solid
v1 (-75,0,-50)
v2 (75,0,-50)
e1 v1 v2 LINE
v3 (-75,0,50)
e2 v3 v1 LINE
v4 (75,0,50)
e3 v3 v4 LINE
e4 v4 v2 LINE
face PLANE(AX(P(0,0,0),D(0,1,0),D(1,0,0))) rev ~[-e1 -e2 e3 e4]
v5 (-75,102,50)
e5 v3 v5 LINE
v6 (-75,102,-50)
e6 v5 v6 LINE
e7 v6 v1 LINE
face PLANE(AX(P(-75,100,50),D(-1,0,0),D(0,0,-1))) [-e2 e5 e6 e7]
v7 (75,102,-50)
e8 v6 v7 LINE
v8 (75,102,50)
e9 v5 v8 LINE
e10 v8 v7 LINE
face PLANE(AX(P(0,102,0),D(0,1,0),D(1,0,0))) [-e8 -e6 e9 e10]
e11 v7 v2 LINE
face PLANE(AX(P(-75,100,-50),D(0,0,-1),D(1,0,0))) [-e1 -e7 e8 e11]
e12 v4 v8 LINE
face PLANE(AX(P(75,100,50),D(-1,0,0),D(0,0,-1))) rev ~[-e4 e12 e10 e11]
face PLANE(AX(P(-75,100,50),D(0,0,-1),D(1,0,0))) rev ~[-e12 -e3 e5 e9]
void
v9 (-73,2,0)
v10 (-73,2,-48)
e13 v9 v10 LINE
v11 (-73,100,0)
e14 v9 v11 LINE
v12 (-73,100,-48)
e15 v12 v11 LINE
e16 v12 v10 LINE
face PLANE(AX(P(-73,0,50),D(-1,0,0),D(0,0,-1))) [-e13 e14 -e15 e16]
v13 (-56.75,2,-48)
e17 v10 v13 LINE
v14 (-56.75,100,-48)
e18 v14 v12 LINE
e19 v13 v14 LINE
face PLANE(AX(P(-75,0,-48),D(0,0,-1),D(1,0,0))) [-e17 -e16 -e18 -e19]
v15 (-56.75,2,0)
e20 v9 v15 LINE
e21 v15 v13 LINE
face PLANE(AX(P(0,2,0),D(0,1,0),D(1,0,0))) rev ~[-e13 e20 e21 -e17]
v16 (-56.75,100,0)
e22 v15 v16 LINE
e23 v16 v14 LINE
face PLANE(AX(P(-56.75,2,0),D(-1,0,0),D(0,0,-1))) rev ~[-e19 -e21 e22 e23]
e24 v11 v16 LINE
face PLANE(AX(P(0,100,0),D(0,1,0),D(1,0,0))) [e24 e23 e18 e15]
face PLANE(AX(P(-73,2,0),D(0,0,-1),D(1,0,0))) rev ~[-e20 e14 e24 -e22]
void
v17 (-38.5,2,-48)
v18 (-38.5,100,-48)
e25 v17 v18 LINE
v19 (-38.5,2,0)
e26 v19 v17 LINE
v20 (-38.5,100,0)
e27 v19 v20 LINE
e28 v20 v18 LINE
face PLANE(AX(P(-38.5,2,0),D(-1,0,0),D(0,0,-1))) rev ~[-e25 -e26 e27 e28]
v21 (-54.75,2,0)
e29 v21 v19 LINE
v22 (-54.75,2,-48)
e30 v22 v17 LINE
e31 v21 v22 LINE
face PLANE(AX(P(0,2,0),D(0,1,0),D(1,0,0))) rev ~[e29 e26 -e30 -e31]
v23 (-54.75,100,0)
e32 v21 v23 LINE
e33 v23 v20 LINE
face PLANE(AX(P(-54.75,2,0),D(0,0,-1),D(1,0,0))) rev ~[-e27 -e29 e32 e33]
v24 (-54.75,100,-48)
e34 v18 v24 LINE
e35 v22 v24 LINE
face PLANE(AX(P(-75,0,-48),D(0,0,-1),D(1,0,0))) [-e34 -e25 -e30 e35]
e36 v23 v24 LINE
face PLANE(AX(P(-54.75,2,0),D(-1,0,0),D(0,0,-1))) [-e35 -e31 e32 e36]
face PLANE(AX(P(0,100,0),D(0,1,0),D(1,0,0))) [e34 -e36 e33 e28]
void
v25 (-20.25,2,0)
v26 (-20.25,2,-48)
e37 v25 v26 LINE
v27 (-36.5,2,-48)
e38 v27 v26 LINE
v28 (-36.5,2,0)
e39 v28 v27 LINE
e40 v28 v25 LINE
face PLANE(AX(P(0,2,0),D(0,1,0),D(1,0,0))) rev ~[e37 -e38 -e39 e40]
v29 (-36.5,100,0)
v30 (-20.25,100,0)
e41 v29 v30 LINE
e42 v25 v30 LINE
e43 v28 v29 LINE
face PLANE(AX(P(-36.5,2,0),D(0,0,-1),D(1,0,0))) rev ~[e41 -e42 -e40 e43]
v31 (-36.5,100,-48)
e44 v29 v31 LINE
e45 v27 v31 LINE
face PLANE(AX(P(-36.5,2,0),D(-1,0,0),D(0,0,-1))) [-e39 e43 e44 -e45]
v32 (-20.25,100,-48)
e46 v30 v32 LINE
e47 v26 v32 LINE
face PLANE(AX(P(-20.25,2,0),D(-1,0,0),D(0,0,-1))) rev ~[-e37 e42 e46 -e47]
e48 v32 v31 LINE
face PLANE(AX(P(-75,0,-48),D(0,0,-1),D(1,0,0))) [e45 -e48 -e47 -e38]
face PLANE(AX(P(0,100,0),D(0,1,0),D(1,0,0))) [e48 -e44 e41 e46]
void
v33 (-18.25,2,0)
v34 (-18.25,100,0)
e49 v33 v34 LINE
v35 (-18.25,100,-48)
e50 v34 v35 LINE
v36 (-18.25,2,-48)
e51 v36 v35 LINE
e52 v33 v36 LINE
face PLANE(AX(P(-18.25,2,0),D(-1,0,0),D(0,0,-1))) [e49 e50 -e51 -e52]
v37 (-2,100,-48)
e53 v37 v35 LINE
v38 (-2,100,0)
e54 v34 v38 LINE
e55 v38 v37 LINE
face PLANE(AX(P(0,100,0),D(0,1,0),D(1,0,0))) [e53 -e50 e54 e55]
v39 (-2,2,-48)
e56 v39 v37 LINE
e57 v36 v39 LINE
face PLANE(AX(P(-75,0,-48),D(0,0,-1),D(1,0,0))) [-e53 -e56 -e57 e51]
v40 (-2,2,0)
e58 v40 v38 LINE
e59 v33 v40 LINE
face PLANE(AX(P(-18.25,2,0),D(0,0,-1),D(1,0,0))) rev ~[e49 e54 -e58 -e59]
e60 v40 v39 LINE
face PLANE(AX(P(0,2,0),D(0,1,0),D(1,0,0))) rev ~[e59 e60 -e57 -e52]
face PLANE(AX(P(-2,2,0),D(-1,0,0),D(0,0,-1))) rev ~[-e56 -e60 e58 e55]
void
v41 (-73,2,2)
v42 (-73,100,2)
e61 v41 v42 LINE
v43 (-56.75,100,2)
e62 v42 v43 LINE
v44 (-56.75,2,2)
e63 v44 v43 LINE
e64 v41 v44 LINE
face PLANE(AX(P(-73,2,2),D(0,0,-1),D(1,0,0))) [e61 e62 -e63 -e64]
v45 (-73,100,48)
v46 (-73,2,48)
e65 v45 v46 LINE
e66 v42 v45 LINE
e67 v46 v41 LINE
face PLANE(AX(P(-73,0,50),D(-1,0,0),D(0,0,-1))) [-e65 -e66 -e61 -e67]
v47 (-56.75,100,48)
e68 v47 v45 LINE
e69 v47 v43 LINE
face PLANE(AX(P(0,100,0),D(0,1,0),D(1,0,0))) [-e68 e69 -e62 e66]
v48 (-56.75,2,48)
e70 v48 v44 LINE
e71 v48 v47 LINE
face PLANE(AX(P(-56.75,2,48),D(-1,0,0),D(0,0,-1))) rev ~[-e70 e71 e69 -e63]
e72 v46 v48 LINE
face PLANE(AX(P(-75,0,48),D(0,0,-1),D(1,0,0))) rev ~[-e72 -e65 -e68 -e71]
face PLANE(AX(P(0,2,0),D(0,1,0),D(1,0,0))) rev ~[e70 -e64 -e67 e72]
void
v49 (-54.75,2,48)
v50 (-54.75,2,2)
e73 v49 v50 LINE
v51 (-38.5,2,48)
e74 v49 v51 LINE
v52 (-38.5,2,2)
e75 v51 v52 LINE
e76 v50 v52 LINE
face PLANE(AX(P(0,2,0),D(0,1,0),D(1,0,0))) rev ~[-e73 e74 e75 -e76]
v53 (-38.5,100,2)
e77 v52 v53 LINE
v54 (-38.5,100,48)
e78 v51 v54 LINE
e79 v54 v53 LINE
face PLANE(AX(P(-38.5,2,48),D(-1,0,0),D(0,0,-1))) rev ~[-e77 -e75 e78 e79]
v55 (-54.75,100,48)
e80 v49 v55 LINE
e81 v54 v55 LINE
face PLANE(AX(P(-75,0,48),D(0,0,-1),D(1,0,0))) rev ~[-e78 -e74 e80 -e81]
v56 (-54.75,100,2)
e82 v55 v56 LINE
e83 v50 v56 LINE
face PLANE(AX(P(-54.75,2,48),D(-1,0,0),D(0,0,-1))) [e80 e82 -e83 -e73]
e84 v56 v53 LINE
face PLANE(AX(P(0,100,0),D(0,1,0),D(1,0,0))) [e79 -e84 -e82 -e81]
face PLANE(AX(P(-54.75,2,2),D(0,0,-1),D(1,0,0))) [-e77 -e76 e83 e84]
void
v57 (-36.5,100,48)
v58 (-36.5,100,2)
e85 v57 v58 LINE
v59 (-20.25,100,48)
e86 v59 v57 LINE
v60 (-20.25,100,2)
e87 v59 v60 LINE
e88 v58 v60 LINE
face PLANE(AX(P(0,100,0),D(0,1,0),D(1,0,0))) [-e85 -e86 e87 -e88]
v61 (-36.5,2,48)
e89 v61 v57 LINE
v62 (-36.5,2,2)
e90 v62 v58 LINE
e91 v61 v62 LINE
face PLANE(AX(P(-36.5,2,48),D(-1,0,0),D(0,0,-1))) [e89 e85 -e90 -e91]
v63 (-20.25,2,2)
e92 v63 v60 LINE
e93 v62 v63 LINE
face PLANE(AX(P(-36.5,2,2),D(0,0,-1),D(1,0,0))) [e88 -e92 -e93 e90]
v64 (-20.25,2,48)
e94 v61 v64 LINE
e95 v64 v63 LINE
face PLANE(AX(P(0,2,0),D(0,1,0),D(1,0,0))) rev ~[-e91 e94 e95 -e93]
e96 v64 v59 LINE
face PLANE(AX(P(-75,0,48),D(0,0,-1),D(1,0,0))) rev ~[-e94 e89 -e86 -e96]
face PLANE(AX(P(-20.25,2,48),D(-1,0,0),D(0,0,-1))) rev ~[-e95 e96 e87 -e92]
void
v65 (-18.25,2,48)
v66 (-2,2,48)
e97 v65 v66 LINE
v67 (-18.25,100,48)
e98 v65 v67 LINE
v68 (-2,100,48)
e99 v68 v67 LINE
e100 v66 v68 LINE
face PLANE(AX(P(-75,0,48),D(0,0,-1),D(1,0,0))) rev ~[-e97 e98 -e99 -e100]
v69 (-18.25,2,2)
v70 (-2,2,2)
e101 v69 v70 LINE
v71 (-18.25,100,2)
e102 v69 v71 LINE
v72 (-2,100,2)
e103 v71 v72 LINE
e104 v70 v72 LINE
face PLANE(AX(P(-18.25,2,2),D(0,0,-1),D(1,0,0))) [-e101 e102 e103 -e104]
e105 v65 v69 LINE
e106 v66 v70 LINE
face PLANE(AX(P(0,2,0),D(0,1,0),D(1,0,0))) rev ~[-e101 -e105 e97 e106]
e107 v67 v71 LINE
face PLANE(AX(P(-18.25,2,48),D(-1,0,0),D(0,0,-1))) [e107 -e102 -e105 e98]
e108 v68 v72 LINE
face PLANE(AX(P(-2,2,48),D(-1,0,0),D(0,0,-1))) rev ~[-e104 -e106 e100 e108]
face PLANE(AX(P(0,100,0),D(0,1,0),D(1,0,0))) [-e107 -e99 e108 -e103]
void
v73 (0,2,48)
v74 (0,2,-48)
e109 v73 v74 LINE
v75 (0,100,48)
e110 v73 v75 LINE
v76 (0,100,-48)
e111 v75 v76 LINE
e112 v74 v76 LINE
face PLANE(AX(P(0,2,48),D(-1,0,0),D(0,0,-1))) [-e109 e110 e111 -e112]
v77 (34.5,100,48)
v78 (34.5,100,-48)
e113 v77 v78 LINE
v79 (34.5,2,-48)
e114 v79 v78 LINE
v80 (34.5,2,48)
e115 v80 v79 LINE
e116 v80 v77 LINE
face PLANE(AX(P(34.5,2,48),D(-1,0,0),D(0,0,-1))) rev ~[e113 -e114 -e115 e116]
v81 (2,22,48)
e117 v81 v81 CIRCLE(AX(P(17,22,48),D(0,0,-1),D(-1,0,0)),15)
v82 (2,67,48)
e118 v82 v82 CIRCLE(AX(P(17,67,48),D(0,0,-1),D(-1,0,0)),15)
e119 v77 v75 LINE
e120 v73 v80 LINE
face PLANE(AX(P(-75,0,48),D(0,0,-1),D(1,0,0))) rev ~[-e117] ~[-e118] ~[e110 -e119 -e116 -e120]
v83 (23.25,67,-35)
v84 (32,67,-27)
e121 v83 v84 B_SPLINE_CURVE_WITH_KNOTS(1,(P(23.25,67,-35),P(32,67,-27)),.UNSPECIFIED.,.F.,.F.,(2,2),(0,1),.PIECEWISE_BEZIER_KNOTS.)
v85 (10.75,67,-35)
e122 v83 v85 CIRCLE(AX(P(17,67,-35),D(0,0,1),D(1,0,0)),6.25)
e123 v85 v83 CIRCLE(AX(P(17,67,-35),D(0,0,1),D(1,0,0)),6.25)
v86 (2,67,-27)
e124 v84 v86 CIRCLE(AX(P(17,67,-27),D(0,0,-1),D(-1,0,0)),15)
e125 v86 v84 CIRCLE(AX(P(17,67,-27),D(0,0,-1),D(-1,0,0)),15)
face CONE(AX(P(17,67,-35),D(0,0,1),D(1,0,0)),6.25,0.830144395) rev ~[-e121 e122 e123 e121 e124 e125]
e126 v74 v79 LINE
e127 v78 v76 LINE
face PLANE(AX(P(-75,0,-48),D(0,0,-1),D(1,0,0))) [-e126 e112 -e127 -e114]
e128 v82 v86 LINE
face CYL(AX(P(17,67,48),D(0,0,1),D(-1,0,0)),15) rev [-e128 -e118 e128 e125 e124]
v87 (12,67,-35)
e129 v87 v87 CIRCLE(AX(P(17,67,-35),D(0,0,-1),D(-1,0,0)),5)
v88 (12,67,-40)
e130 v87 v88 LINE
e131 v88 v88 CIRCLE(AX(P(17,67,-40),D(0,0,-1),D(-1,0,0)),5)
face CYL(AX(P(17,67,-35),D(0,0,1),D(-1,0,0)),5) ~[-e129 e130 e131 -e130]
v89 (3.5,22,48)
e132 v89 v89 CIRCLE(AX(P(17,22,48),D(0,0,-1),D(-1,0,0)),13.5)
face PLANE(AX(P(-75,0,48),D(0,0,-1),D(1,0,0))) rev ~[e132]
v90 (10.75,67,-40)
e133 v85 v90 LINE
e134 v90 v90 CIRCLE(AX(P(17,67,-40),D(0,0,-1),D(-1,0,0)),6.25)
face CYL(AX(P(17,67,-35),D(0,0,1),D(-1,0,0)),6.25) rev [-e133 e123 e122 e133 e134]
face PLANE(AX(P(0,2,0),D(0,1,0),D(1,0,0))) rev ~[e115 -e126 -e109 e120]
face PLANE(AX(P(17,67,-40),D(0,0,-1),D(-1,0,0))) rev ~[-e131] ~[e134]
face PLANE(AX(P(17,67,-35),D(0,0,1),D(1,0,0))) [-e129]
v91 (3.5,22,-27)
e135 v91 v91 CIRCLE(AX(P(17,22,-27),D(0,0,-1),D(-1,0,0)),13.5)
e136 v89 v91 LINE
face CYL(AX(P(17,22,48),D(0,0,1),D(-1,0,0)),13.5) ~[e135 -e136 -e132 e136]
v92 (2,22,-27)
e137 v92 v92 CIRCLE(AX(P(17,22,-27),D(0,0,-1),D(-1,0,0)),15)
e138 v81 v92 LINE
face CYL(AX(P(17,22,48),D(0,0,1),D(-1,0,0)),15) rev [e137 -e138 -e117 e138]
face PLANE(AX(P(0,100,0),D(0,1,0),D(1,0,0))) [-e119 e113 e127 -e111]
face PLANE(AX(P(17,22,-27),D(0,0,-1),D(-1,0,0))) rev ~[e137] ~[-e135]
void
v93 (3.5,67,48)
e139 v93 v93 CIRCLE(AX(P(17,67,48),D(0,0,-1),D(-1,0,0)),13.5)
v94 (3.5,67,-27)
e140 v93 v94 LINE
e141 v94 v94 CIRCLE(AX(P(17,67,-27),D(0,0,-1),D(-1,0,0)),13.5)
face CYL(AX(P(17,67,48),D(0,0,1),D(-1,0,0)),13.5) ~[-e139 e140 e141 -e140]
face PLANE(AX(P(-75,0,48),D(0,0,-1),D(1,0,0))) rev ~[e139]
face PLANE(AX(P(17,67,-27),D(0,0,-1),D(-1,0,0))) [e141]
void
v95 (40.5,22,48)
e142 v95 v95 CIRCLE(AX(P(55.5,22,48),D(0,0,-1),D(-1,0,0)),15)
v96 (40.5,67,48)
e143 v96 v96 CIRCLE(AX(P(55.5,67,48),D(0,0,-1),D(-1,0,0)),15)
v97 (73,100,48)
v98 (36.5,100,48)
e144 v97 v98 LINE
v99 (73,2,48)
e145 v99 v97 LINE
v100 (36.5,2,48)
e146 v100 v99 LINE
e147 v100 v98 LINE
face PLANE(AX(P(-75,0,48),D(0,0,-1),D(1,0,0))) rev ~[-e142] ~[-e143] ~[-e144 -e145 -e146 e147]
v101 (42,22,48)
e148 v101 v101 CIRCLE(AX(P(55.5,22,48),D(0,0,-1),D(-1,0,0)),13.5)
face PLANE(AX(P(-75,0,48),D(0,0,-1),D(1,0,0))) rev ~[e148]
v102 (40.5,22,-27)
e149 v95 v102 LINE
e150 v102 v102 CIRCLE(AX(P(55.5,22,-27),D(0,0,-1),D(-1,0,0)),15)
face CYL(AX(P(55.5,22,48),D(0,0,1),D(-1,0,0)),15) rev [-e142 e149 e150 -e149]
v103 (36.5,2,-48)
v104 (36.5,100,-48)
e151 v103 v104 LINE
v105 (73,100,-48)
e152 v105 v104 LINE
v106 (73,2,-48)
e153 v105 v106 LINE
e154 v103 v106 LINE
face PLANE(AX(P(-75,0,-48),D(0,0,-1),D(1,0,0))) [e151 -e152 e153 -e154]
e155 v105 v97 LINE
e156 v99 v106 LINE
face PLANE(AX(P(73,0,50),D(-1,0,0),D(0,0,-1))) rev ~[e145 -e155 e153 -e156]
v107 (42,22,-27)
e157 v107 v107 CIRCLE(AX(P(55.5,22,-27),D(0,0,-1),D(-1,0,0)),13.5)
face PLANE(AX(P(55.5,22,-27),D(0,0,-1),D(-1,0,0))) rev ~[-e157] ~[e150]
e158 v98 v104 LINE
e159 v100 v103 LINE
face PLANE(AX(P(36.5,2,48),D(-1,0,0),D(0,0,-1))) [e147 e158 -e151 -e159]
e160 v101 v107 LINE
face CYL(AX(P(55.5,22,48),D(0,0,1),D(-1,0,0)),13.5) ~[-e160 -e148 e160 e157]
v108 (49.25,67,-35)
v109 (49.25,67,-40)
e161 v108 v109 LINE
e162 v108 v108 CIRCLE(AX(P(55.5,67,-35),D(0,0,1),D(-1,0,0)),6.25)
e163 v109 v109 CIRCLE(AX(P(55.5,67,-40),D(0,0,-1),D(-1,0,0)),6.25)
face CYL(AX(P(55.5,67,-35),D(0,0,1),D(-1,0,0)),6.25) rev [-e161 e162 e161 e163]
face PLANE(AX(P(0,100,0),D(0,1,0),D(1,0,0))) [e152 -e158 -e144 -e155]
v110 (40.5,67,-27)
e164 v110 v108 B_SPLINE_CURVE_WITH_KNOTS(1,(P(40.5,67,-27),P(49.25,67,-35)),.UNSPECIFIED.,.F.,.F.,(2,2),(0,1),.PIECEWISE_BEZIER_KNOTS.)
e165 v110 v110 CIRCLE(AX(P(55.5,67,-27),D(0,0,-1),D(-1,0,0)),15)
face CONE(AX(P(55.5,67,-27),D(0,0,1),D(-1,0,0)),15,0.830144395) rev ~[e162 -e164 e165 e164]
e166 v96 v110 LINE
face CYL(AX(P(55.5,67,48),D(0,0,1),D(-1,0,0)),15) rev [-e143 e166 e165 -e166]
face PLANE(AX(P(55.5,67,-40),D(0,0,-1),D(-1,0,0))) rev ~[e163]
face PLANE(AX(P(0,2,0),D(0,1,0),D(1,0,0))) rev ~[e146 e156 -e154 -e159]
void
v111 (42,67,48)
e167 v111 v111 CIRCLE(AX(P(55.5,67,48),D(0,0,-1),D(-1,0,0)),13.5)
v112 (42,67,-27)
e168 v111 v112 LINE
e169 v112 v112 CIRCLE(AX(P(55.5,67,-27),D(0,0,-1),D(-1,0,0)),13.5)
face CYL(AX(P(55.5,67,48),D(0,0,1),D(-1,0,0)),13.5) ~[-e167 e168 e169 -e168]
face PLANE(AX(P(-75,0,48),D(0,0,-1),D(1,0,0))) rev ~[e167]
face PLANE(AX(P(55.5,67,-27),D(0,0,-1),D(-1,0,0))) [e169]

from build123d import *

# Parameters (mm, degrees)
SKETCH1_W           = 150
SKETCH1_H           = 100
BOSS_EXTRUDE1_DEPTH = 100
SHELL1_T            = -2
SKETCH3_W           = 73
SKETCH3_H           = 2
SKETCH3_W_2         = 2
SKETCH3_H_2         = 96
EXTRUDE_THIN1_DEPTH = 98
SKETCH4_R           = 15
SKETCH4_R_2         = 13.5
BOSS_EXTRUDE2_DEPTH = 75
SKETCH6_R           = 6.25
SKETCH7_R           = 6.25
SKETCH11_R          = 6.25
SKETCH11_R_2        = 5
BOSS_EXTRUDE3_DEPTH = 5
SKETCH12_R          = 6.25
BOSS_EXTRUDE4_DEPTH = 5
SKETCH13_W          = 150
SKETCH13_H          = 100
BOSS_EXTRUDE5_DEPTH = 2


with BuildPart() as part:
    # Sketch1 → Boss-Extrude1 (new body)
    with BuildSketch(Plane(origin=(0, 0, 0), x_dir=(1, 0, 0), z_dir=(0, 1, 0))):
        Rectangle(SKETCH1_W, SKETCH1_H)
    extrude(amount=BOSS_EXTRUDE1_DEPTH)

    # Shell1
    shell1_openings = [part.faces().sort_by_distance(p)[0] for p in [
        (0, 100, 0),
    ]]
    offset(amount=SHELL1_T, openings=shell1_openings, kind=Kind.INTERSECTION)

    # Sketch3 → Extrude-Thin1 (add, through all)
    with BuildSketch(Plane(origin=(0, 2, 0), x_dir=(1, 0, 0), z_dir=(0, 1, 0))):
        with Locations((-36.5, -1)):
            Rectangle(SKETCH3_W, SKETCH3_H)
        with Locations((-55.75, 0)):
            Rectangle(SKETCH3_W_2, SKETCH3_H_2)
        with Locations((-37.5, 0)):
            Rectangle(SKETCH3_W_2, SKETCH3_H_2)
        with Locations((-1, 0)):
            Rectangle(SKETCH3_W_2, SKETCH3_H_2)
        with Locations((-19.25, 0)):
            Rectangle(SKETCH3_W_2, SKETCH3_H_2)
        with Locations((35.5, 0)):
            Rectangle(SKETCH3_W_2, SKETCH3_H_2)
    extrude(amount=EXTRUDE_THIN1_DEPTH)

    # Sketch4 → Boss-Extrude2 (add)
    # profile 1 of 4: a face of its own
    with BuildSketch(Plane(origin=(0, 0, 48), x_dir=(-1, 0, 0), z_dir=(0, 0, -1))):
        with Locations((-17, 67)):
            Circle(SKETCH4_R)
        with Locations((-17, 67)):
            Circle(SKETCH4_R_2, mode=Mode.SUBTRACT)
    # profile 2 of 4: a face of its own
    with BuildSketch(Plane(origin=(0, 0, 48), x_dir=(-1, 0, 0), z_dir=(0, 0, -1))):
        with Locations((-55.5, 67)):
            Circle(SKETCH4_R)
        with Locations((-55.5, 67)):
            Circle(SKETCH4_R_2, mode=Mode.SUBTRACT)
    # profile 3 of 4: a face of its own
    with BuildSketch(Plane(origin=(0, 0, 48), x_dir=(-1, 0, 0), z_dir=(0, 0, -1))):
        with Locations((-17, 22)):
            Circle(SKETCH4_R)
        with Locations((-17, 22)):
            Circle(SKETCH4_R_2, mode=Mode.SUBTRACT)
    # profile 4 of 4: a face of its own
    with BuildSketch(Plane(origin=(0, 0, 48), x_dir=(-1, 0, 0), z_dir=(0, 0, -1))):
        with Locations((-55.5, 22)):
            Circle(SKETCH4_R)
        with Locations((-55.5, 22)):
            Circle(SKETCH4_R_2, mode=Mode.SUBTRACT)
    extrude(amount=BOSS_EXTRUDE2_DEPTH)

    # Sketch6 → section 0 of loft2
    with BuildSketch(Plane.XY.offset(-35), mode=Mode.PRIVATE) as loft2_s0:
        with Locations((17, 67)):
            Circle(SKETCH6_R)
    # loft up to a face of the part (loft2)
    loft([loft2_s0.sketch, Face(Wire([part.edges().sort_by_distance((27.268206589, 77.934529411, -27))[0]]))])

    # Sketch7 → section 1 of loft3
    with BuildSketch(Plane.XY.offset(-35), mode=Mode.PRIVATE) as loft3_s1:
        with Locations((55.5, 67)):
            Circle(SKETCH7_R)
    # loft up to a face of the part (loft3)
    loft([Face(Wire([part.edges().sort_by_distance((65.768206589, 77.934529411, -27))[0]])), loft3_s1.sketch])

    # Sketch11 → Boss-Extrude3 (add)
    with BuildSketch(Plane(origin=(0, 0, -35), x_dir=(-1, 0, 0), z_dir=(0, 0, -1))):
        with Locations((-17, 67)):
            Circle(SKETCH11_R)
        with Locations((-17, 67)):
            Circle(SKETCH11_R_2, mode=Mode.SUBTRACT)
    extrude(amount=BOSS_EXTRUDE3_DEPTH)

    # Sketch12 → Boss-Extrude4 (add)
    with BuildSketch(Plane(origin=(0, 0, -35), x_dir=(-1, 0, 0), z_dir=(0, 0, -1))):
        with Locations((-55.5, 67)):
            Circle(SKETCH12_R)
    extrude(amount=BOSS_EXTRUDE4_DEPTH)

    # Sketch13 → Boss-Extrude5 (add)
    with BuildSketch(Plane(origin=(0, 100, 0), x_dir=(1, 0, 0), z_dir=(0, 1, 0))):
        Rectangle(SKETCH13_W, SKETCH13_H)
    extrude(amount=BOSS_EXTRUDE5_DEPTH)


solid = part.part
